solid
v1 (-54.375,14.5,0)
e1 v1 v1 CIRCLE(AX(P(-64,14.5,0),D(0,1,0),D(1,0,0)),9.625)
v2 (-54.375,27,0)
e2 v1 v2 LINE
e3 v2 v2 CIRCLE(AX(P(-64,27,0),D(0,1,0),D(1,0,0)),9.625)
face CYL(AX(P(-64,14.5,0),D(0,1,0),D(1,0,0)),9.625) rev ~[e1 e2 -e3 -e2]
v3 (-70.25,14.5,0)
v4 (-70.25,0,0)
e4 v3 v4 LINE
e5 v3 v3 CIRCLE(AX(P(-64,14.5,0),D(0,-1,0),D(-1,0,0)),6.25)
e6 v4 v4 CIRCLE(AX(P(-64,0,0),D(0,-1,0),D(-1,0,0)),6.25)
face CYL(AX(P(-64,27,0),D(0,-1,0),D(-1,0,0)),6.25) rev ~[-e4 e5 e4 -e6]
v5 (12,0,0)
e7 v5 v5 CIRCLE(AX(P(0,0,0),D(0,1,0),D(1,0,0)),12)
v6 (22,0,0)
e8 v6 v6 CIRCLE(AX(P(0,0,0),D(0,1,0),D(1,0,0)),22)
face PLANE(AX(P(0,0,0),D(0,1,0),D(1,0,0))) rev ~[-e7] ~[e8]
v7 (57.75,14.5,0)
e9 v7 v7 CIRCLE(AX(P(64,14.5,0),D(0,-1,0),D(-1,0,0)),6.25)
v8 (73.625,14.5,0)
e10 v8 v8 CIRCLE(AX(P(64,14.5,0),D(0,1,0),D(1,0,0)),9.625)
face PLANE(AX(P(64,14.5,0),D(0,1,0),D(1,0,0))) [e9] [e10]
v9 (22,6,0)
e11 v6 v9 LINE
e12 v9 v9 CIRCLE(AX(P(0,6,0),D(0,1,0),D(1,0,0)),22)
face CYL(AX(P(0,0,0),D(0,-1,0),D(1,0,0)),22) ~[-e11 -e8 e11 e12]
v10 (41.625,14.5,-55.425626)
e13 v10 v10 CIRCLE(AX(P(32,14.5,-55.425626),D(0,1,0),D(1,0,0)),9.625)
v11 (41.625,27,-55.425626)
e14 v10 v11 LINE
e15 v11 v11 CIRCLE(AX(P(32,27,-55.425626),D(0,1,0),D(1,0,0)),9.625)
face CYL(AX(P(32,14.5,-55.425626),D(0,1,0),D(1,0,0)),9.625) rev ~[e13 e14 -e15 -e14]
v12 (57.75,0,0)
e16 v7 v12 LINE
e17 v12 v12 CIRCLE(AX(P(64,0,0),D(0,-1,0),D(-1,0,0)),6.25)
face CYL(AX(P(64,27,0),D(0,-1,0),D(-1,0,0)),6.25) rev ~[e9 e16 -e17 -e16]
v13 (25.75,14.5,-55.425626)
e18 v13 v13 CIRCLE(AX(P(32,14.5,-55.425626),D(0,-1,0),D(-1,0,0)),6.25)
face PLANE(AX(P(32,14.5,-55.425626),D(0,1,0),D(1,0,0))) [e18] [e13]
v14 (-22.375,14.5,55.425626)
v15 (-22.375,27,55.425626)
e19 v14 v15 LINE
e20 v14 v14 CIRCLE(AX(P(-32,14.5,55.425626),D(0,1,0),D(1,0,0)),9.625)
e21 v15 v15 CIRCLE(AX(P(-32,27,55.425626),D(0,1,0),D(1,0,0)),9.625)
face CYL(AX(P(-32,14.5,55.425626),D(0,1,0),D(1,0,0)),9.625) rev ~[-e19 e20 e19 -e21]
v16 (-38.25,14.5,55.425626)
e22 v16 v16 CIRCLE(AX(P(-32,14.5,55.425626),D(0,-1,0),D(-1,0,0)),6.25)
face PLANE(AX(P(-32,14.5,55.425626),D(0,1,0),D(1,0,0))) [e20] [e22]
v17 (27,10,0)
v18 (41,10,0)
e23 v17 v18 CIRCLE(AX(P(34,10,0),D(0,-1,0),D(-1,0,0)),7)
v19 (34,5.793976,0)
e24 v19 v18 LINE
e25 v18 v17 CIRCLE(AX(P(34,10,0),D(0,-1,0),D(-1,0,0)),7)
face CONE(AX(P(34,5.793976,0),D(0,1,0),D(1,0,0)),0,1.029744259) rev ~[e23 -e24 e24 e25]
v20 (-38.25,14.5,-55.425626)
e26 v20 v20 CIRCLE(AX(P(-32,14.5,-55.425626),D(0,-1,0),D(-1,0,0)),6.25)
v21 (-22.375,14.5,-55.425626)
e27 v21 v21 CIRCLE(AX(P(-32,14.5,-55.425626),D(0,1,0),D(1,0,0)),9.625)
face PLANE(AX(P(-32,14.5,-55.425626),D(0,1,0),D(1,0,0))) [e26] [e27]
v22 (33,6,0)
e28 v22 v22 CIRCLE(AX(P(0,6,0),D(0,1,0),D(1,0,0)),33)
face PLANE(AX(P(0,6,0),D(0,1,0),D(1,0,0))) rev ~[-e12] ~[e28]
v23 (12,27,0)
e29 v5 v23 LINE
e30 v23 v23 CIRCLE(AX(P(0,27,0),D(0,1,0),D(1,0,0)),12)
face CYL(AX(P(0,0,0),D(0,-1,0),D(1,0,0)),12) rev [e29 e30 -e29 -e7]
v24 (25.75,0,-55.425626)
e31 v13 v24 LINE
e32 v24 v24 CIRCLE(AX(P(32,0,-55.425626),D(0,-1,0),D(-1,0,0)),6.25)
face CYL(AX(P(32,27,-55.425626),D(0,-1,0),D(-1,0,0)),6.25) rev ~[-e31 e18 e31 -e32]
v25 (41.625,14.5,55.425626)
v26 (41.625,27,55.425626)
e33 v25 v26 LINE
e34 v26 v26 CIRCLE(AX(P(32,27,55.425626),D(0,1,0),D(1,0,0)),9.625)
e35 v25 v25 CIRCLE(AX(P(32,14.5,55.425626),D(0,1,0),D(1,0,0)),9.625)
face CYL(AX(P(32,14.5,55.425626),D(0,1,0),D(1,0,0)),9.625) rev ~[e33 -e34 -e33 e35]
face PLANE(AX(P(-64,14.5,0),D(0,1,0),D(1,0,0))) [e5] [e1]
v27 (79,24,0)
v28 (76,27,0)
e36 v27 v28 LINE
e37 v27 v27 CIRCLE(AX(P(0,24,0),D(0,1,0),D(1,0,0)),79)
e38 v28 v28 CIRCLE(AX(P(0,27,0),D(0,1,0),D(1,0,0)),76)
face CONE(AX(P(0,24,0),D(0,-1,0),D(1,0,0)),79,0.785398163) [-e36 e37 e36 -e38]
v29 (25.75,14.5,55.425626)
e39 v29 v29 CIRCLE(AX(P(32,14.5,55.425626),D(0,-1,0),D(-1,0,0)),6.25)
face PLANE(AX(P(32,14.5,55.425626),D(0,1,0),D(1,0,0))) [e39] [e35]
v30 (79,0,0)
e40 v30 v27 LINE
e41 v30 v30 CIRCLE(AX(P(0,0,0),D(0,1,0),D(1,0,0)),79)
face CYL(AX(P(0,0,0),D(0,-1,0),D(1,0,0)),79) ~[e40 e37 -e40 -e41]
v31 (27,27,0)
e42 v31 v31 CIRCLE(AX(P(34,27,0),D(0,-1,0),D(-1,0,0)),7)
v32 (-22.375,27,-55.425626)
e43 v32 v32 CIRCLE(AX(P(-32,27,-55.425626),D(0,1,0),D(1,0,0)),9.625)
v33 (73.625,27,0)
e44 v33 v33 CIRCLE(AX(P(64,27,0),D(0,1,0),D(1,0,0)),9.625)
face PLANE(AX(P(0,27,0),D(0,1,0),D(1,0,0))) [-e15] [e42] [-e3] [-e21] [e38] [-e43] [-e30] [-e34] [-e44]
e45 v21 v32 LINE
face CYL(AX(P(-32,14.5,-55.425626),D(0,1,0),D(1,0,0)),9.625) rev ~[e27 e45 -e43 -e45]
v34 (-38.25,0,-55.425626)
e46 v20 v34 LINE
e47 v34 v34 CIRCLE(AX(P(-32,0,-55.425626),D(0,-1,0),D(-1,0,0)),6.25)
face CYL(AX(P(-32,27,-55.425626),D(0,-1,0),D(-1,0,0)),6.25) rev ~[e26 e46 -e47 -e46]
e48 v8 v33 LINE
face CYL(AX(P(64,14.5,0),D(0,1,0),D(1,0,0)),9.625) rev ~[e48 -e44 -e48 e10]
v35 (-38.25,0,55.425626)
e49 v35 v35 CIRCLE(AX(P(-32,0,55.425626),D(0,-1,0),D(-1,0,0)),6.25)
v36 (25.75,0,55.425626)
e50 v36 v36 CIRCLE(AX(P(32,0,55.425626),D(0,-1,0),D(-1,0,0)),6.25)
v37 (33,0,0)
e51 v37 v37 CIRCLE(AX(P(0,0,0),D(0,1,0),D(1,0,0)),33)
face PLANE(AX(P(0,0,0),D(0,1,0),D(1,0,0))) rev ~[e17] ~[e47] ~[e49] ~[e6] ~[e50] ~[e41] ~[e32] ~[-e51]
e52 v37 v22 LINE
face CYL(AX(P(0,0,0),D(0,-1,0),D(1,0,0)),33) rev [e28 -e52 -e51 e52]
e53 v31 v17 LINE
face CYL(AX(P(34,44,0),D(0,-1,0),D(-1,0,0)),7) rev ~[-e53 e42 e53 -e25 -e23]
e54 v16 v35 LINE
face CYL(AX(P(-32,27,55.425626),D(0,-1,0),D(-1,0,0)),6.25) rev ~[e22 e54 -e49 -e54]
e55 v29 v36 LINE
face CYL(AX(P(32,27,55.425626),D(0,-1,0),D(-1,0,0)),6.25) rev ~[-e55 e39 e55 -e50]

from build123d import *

# Parameters (mm, degrees)
SKETCH1_R                               = 79
SKETCH1_R_2                             = 12
BOSS_EXTRUDE1_DEPTH                     = 27
CBORE_FOR_M5_HEX_HEAD_BOLT1_D           = 12.5
CBORE_FOR_M5_HEX_HEAD_BOLT1_CBORE_D     = 19.25
CBORE_FOR_M5_HEX_HEAD_BOLT1_CBORE_DEPTH = 12.5
F_1_0MM_DOWEL_HOLE1_D                   = 14
F_1_0MM_DOWEL_HOLE1_DEPTH               = 17
F_1_0MM_DOWEL_HOLE1_TIP                 = 4.206024333
SKETCH8_R                               = 33
SKETCH8_R_2                             = 22
CUT_EXTRUDE1_DEPTH                      = 6
CHAMFER1_SIZE                           = 3


with BuildPart() as part:
    # Sketch1 → Boss-Extrude1 (new body)
    with BuildSketch(Plane(origin=(0, 0, 0), x_dir=(1, 0, 0), z_dir=(0, 1, 0))):
        Circle(SKETCH1_R)
        Circle(SKETCH1_R_2, mode=Mode.SUBTRACT)
    extrude(amount=BOSS_EXTRUDE1_DEPTH)

    # CBORE for M5 Hex Head Bolt1 (through all)
    with Locations(Plane(origin=(0, 27, 0), x_dir=(1, 0, 0), z_dir=(0, 1, 0))):
        with Locations((32, 55.425625842), (64, 0), (32, -55.425625842), (-32, -55.425625842), (-64, 0), (-32, 55.425625842), (0, 0)):
            CounterBoreHole(CBORE_FOR_M5_HEX_HEAD_BOLT1_D / 2, CBORE_FOR_M5_HEX_HEAD_BOLT1_CBORE_D / 2, CBORE_FOR_M5_HEX_HEAD_BOLT1_CBORE_DEPTH)

    # Ø1.0mm Dowel Hole1
    with Locations(Plane(origin=(0, 27, 0), x_dir=(1, 0, 0), z_dir=(0, 1, 0))):
        with Locations((34, 0)):
            Hole(F_1_0MM_DOWEL_HOLE1_D / 2, depth=F_1_0MM_DOWEL_HOLE1_DEPTH)
            with Locations((0, 0, -(F_1_0MM_DOWEL_HOLE1_DEPTH + F_1_0MM_DOWEL_HOLE1_TIP / 2))):  # 118° drill point
                Cone(0, F_1_0MM_DOWEL_HOLE1_D / 2, F_1_0MM_DOWEL_HOLE1_TIP, mode=Mode.SUBTRACT)

    # Sketch8 → Cut-Extrude1 (cut)
    with BuildSketch(Plane(origin=(0, 0, 0), x_dir=(1, 0, 0), z_dir=(0, 1, 0))):
        Circle(SKETCH8_R)
        Circle(SKETCH8_R_2, mode=Mode.SUBTRACT)
    extrude(amount=CUT_EXTRUDE1_DEPTH, mode=Mode.SUBTRACT)

    # Chamfer1
    chamfer1_edges = [part.edges().sort_by_distance(p)[0] for p in [
        (-79, 27, 0),
    ]]
    chamfer(chamfer1_edges, length=CHAMFER1_SIZE)


solid = part.part
